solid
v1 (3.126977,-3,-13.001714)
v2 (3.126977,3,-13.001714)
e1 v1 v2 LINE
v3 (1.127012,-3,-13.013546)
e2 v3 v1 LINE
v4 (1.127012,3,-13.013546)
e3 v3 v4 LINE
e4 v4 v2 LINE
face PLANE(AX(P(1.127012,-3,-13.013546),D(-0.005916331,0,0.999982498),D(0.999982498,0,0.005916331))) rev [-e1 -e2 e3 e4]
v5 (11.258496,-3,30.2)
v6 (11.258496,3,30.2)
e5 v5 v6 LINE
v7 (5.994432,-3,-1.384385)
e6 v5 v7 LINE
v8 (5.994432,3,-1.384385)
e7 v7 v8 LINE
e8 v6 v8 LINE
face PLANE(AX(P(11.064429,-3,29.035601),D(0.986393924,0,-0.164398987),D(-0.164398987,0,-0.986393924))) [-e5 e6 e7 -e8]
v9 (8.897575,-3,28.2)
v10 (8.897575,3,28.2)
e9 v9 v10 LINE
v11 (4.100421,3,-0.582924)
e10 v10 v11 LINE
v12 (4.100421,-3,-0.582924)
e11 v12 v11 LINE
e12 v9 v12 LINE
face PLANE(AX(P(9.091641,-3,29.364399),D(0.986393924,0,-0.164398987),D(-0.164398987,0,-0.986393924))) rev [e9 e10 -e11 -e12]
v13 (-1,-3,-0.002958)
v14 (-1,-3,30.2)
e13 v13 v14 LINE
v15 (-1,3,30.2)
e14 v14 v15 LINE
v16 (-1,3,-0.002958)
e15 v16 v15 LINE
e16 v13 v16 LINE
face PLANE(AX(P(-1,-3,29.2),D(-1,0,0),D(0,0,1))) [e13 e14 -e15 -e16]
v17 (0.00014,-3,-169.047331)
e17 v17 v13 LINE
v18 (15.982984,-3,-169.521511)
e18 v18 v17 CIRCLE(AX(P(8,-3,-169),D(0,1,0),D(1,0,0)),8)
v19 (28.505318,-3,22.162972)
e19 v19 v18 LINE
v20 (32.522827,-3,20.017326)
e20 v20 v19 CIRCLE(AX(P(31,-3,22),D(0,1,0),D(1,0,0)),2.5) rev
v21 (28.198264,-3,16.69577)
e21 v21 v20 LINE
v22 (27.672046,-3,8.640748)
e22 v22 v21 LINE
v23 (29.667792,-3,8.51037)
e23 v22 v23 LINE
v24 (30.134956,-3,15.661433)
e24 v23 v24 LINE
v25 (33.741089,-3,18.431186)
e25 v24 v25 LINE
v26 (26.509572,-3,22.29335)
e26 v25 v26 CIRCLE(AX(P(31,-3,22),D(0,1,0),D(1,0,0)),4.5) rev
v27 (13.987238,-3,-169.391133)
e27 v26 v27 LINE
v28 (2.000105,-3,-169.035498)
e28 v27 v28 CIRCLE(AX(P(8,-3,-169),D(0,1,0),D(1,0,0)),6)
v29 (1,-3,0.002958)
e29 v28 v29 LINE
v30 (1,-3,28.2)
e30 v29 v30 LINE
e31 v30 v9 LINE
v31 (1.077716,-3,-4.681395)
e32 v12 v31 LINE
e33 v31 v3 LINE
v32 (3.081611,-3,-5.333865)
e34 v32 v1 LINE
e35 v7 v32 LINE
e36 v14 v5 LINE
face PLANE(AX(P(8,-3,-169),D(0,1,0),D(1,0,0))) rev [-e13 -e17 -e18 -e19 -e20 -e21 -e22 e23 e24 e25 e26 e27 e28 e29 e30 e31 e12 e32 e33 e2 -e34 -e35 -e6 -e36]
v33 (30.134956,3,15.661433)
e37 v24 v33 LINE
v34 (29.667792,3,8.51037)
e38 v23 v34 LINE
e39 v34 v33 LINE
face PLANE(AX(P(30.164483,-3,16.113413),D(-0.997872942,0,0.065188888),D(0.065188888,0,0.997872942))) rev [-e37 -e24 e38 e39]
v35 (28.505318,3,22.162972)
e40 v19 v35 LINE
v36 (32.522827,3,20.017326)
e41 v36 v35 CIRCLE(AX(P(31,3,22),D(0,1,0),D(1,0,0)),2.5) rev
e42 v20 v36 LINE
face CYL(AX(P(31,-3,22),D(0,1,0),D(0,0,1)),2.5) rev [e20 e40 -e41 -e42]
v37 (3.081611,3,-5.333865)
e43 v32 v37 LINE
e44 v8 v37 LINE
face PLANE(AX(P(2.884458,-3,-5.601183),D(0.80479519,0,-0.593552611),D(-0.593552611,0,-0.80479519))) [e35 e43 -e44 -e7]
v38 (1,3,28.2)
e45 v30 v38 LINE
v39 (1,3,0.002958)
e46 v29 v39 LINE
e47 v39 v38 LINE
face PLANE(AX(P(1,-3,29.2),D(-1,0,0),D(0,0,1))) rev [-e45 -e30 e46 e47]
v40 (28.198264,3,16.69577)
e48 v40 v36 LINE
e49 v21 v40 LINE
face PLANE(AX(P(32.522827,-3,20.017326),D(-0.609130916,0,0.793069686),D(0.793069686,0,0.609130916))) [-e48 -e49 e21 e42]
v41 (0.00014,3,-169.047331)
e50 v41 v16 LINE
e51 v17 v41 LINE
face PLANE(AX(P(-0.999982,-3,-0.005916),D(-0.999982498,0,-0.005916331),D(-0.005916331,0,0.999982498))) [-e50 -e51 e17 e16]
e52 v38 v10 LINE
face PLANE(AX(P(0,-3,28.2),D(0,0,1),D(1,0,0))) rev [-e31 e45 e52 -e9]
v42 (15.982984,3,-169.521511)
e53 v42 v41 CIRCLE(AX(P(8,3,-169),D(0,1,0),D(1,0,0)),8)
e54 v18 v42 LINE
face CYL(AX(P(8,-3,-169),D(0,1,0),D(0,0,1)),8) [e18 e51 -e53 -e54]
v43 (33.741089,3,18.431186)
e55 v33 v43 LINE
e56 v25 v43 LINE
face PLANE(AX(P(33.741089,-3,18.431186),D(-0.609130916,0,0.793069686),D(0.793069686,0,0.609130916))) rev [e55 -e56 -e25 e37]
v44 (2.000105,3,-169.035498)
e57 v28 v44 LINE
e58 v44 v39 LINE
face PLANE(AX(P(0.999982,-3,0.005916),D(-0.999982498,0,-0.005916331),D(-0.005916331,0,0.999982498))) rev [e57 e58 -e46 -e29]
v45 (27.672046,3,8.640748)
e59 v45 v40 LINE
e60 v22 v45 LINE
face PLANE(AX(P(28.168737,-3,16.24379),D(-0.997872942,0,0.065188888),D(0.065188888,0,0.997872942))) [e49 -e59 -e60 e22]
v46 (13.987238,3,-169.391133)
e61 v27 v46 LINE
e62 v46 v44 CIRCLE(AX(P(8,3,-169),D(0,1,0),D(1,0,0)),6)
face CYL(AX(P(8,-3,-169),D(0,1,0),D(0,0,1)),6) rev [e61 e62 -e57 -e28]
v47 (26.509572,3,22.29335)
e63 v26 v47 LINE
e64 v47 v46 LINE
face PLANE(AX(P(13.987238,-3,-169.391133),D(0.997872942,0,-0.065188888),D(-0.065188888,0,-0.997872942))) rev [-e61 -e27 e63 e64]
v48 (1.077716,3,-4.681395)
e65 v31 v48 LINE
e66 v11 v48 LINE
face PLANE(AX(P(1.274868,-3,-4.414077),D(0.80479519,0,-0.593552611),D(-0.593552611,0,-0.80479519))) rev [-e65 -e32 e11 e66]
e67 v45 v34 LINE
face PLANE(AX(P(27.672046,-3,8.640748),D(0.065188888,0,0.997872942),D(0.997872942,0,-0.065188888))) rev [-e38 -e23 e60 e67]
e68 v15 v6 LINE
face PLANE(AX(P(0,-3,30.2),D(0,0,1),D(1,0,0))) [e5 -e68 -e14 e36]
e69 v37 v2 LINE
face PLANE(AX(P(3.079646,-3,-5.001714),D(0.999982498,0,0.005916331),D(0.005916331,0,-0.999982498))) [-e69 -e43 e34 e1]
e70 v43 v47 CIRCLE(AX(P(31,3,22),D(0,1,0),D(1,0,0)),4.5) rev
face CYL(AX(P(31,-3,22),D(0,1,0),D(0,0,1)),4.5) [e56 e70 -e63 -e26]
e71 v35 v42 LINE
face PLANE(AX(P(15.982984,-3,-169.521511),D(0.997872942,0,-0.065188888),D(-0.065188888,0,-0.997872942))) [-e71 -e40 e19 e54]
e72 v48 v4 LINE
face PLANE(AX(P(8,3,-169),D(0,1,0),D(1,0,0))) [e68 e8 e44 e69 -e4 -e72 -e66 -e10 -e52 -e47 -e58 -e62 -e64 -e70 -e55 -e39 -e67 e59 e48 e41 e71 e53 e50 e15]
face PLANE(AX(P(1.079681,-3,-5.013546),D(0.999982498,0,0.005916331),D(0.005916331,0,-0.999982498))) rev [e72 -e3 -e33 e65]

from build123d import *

# Parameters (mm, degrees)
EXTRUDE_THIN3_DEPTH = 3


with BuildPart() as part:
    # Sketch1 → Extrude-Thin3 (new, symmetric)
    with BuildSketch(Plane(origin=(0, 0, 0), x_dir=(1, 0, 0), z_dir=(0, 1, 0))):
        with BuildLine():
            Line((1.127012176, 13.013546351), (1.077715548, 4.681395496))
            Line((1.077715548, 4.681395496), (4.100420922, 0.582923517))
            Line((4.100420922, 0.582923517), (8.897574841, -28.2))
            Line((8.897574841, -28.2), (1, -28.2))
            Line((1, -28.2), (1, -0.002958192))
            Line((1, -0.002958192), (2.00010501, 169.035497988))
            ThreePointArc((2.00010501, 169.035497988), (7.822069743, 174.997361155), (13.987237653, 169.39113333))
            Line((13.987237653, 169.39113333), (26.50957176, -22.293349997))
            ThreePointArc((26.50957176, -22.293349997), (33.11993484, -25.969367239), (33.741089124, -18.431186413))
            Line((33.741089124, -18.431186413), (30.134955883, -15.661433283))
            Line((30.134955883, -15.661433283), (29.667792354, -8.510370309))
            Line((29.667792354, -8.510370309), (27.672046469, -8.640748086))
            Line((27.672046469, -8.640748086), (28.198263672, -16.695769752))
            Line((28.198263672, -16.695769752), (32.522827291, -20.017325785))
            ThreePointArc((32.522827291, -20.017325785), (32.177741578, -24.205204022), (28.505317644, -22.162972221))
            Line((28.505317644, -22.162972221), (15.982983538, 169.521511107))
            ThreePointArc((15.982983538, 169.521511107), (7.762759658, 176.99648154), (0.000140013, 169.04733065))
            Line((0.000140013, 169.04733065), (-1, 0.002958192))
            Line((-1, 0.002958192), (-1, -30.2))
            Line((-1, -30.2), (11.258495684, -30.2))
            Line((11.258495684, -30.2), (5.994431581, 1.384384622))
            Line((5.994431581, 1.384384622), (3.081610843, 5.333864542))
            Line((3.081610843, 5.333864542), (3.126977173, 13.001713688))
            Line((3.126977173, 13.001713688), (1.127012176, 13.013546351))
        make_face()
    extrude(amount=EXTRUDE_THIN3_DEPTH, both=True)


solid = part.part
